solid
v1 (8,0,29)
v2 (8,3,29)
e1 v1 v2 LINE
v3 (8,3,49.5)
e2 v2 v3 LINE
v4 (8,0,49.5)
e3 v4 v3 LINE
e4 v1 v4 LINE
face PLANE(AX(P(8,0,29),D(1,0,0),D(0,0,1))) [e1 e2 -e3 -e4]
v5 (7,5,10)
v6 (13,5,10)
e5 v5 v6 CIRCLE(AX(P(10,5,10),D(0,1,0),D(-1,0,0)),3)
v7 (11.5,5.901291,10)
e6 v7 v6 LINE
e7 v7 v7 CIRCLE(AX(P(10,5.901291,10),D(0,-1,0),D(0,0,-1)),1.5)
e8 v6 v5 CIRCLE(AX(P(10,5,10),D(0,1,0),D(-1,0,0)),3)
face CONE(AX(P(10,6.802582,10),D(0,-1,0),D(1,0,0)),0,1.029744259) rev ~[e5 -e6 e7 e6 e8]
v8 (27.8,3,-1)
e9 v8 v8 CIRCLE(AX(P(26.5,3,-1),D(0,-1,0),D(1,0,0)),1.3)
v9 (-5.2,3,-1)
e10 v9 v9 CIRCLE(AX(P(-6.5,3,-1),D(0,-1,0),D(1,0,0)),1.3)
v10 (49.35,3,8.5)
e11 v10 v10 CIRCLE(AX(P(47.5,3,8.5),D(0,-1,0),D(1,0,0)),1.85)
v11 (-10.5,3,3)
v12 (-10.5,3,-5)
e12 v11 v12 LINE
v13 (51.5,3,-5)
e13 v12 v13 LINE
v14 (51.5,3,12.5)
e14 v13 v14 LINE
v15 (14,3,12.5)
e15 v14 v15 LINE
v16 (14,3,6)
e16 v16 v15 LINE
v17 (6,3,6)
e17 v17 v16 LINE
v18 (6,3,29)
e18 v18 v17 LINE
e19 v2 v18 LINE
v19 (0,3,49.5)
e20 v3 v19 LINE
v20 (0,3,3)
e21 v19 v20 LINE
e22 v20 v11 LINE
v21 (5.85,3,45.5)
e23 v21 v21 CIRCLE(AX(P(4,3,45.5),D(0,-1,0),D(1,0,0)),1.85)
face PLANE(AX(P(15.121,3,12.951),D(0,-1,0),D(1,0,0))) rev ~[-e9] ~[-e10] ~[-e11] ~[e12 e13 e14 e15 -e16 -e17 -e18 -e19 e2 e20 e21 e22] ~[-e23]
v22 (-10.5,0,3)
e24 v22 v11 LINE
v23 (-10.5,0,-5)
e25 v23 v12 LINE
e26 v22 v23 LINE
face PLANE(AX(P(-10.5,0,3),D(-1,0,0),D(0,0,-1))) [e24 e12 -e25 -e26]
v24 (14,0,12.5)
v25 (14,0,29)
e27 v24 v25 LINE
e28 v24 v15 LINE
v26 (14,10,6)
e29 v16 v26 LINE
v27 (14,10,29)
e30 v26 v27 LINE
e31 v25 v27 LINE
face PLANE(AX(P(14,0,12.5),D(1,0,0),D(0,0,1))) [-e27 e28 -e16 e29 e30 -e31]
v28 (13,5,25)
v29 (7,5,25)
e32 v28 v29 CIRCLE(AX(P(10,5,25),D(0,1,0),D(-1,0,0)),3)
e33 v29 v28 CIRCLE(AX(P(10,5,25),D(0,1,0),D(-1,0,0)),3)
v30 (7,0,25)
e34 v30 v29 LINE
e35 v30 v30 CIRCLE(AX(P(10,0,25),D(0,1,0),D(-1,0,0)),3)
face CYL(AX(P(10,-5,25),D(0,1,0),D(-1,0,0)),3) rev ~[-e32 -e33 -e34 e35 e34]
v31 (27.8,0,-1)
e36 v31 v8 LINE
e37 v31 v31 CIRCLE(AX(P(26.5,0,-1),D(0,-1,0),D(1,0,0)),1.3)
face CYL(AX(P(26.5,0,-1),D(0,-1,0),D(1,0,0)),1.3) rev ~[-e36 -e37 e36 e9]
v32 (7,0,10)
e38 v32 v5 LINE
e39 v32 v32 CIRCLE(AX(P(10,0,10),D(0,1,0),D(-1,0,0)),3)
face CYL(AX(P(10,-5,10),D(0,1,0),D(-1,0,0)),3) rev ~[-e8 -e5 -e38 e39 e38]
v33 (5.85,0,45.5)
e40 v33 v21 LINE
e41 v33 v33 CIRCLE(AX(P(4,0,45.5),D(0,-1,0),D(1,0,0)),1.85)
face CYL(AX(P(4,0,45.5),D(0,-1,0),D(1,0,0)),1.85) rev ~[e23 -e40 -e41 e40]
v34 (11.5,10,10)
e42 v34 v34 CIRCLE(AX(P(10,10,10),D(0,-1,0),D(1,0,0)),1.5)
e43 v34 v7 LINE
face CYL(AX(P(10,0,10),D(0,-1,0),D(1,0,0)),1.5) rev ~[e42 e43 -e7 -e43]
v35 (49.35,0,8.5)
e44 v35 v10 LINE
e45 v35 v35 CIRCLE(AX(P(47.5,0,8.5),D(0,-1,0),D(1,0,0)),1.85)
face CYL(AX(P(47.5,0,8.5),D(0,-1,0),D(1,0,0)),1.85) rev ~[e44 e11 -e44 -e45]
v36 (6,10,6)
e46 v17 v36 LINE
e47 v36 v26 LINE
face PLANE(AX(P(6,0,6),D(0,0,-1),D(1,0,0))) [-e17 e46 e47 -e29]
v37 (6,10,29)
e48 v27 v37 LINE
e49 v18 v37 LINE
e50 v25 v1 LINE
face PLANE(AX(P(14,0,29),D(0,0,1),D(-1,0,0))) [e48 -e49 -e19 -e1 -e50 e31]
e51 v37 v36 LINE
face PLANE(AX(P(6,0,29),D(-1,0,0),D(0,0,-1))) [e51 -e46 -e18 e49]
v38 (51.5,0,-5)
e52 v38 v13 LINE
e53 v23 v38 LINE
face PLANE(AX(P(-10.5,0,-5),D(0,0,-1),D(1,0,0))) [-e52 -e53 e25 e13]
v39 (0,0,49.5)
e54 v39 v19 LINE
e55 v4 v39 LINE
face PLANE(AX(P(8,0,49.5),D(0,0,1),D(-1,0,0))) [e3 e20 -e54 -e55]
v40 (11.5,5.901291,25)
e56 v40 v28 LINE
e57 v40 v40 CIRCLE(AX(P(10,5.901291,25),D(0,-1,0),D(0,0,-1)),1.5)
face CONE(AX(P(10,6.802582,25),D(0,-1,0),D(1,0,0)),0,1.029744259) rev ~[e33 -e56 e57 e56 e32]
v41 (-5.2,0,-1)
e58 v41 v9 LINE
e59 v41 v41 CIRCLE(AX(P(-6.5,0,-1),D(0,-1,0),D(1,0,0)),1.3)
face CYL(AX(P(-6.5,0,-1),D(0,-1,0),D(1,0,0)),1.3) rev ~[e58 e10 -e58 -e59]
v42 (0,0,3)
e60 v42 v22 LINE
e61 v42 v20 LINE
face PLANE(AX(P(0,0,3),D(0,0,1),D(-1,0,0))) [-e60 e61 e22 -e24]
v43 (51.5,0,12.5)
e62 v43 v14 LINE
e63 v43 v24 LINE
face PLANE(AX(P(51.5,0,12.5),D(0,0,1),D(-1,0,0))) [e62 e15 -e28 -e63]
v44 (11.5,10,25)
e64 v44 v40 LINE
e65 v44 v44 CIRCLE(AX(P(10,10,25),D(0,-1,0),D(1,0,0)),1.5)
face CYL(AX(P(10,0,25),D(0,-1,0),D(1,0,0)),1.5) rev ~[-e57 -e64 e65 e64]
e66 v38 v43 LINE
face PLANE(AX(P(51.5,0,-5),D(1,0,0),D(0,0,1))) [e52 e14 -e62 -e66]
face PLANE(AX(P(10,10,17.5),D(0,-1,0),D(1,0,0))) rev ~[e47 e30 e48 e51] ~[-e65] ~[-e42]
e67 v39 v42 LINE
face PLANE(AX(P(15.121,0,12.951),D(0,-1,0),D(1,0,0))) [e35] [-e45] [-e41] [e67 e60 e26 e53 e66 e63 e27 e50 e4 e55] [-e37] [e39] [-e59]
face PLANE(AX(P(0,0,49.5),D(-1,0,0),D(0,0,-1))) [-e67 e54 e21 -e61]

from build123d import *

# Parameters (mm, degrees)
F0_R     = 1.3
F0_R_2   = 1.85
F0_R_3   = 1.5
F1_DEPTH = 3
F2_DEPTH = 10
F3_D     = 6
F3_DEPTH = 5
F3_TIP   = 1.8025818571


with BuildPart() as f1:
    # F0 (on Front) → F1 (new body)
    with BuildSketch(Plane.XZ):
        Polygon((-10.5, -5), (51.5, -5), (51.5, 12.5), (14, 12.5), (14, 6), (6, 6), (6, 29), (8, 29), (8, 49.5), (0, 49.5), (0, 3), (-10.5, 3), align=None)
        with Locations((-6.5, -1)):
            Circle(F0_R, mode=Mode.SUBTRACT)
        with Locations((26.5, -1)):
            Circle(F0_R, mode=Mode.SUBTRACT)
        with Locations((47.5, 8.5)):
            Circle(F0_R_2, mode=Mode.SUBTRACT)
        with Locations((4, 45.5)):
            Circle(F0_R_2, mode=Mode.SUBTRACT)
        Polygon((14, 6), (14, 12.5), (14, 29), (8, 29), (6, 29), (6, 6), align=None)
        with Locations((10, 10)):
            Circle(F0_R_3, mode=Mode.SUBTRACT)
        with Locations((10, 25)):
            Circle(F0_R_3, mode=Mode.SUBTRACT)
    extrude(amount=-F1_DEPTH)

    # F0 (on Front) → F2 (join)
    with BuildSketch(Plane.XZ):
        Polygon((14, 6), (14, 12.5), (14, 29), (8, 29), (6, 29), (6, 6), align=None)
        with Locations((10, 10)):
            Circle(F0_R_3, mode=Mode.SUBTRACT)
        with Locations((10, 25)):
            Circle(F0_R_3, mode=Mode.SUBTRACT)
    extrude(amount=-F2_DEPTH)

    # F3
    with Locations(Plane.XZ):
        with Locations((10, 25), (10, 10)):
            Hole(F3_D / 2, depth=F3_DEPTH)
            with Locations((0, 0, -(F3_DEPTH + F3_TIP / 2))):  # 118° drill point
                Cone(0, F3_D / 2, F3_TIP, mode=Mode.SUBTRACT)


solid = f1.part
